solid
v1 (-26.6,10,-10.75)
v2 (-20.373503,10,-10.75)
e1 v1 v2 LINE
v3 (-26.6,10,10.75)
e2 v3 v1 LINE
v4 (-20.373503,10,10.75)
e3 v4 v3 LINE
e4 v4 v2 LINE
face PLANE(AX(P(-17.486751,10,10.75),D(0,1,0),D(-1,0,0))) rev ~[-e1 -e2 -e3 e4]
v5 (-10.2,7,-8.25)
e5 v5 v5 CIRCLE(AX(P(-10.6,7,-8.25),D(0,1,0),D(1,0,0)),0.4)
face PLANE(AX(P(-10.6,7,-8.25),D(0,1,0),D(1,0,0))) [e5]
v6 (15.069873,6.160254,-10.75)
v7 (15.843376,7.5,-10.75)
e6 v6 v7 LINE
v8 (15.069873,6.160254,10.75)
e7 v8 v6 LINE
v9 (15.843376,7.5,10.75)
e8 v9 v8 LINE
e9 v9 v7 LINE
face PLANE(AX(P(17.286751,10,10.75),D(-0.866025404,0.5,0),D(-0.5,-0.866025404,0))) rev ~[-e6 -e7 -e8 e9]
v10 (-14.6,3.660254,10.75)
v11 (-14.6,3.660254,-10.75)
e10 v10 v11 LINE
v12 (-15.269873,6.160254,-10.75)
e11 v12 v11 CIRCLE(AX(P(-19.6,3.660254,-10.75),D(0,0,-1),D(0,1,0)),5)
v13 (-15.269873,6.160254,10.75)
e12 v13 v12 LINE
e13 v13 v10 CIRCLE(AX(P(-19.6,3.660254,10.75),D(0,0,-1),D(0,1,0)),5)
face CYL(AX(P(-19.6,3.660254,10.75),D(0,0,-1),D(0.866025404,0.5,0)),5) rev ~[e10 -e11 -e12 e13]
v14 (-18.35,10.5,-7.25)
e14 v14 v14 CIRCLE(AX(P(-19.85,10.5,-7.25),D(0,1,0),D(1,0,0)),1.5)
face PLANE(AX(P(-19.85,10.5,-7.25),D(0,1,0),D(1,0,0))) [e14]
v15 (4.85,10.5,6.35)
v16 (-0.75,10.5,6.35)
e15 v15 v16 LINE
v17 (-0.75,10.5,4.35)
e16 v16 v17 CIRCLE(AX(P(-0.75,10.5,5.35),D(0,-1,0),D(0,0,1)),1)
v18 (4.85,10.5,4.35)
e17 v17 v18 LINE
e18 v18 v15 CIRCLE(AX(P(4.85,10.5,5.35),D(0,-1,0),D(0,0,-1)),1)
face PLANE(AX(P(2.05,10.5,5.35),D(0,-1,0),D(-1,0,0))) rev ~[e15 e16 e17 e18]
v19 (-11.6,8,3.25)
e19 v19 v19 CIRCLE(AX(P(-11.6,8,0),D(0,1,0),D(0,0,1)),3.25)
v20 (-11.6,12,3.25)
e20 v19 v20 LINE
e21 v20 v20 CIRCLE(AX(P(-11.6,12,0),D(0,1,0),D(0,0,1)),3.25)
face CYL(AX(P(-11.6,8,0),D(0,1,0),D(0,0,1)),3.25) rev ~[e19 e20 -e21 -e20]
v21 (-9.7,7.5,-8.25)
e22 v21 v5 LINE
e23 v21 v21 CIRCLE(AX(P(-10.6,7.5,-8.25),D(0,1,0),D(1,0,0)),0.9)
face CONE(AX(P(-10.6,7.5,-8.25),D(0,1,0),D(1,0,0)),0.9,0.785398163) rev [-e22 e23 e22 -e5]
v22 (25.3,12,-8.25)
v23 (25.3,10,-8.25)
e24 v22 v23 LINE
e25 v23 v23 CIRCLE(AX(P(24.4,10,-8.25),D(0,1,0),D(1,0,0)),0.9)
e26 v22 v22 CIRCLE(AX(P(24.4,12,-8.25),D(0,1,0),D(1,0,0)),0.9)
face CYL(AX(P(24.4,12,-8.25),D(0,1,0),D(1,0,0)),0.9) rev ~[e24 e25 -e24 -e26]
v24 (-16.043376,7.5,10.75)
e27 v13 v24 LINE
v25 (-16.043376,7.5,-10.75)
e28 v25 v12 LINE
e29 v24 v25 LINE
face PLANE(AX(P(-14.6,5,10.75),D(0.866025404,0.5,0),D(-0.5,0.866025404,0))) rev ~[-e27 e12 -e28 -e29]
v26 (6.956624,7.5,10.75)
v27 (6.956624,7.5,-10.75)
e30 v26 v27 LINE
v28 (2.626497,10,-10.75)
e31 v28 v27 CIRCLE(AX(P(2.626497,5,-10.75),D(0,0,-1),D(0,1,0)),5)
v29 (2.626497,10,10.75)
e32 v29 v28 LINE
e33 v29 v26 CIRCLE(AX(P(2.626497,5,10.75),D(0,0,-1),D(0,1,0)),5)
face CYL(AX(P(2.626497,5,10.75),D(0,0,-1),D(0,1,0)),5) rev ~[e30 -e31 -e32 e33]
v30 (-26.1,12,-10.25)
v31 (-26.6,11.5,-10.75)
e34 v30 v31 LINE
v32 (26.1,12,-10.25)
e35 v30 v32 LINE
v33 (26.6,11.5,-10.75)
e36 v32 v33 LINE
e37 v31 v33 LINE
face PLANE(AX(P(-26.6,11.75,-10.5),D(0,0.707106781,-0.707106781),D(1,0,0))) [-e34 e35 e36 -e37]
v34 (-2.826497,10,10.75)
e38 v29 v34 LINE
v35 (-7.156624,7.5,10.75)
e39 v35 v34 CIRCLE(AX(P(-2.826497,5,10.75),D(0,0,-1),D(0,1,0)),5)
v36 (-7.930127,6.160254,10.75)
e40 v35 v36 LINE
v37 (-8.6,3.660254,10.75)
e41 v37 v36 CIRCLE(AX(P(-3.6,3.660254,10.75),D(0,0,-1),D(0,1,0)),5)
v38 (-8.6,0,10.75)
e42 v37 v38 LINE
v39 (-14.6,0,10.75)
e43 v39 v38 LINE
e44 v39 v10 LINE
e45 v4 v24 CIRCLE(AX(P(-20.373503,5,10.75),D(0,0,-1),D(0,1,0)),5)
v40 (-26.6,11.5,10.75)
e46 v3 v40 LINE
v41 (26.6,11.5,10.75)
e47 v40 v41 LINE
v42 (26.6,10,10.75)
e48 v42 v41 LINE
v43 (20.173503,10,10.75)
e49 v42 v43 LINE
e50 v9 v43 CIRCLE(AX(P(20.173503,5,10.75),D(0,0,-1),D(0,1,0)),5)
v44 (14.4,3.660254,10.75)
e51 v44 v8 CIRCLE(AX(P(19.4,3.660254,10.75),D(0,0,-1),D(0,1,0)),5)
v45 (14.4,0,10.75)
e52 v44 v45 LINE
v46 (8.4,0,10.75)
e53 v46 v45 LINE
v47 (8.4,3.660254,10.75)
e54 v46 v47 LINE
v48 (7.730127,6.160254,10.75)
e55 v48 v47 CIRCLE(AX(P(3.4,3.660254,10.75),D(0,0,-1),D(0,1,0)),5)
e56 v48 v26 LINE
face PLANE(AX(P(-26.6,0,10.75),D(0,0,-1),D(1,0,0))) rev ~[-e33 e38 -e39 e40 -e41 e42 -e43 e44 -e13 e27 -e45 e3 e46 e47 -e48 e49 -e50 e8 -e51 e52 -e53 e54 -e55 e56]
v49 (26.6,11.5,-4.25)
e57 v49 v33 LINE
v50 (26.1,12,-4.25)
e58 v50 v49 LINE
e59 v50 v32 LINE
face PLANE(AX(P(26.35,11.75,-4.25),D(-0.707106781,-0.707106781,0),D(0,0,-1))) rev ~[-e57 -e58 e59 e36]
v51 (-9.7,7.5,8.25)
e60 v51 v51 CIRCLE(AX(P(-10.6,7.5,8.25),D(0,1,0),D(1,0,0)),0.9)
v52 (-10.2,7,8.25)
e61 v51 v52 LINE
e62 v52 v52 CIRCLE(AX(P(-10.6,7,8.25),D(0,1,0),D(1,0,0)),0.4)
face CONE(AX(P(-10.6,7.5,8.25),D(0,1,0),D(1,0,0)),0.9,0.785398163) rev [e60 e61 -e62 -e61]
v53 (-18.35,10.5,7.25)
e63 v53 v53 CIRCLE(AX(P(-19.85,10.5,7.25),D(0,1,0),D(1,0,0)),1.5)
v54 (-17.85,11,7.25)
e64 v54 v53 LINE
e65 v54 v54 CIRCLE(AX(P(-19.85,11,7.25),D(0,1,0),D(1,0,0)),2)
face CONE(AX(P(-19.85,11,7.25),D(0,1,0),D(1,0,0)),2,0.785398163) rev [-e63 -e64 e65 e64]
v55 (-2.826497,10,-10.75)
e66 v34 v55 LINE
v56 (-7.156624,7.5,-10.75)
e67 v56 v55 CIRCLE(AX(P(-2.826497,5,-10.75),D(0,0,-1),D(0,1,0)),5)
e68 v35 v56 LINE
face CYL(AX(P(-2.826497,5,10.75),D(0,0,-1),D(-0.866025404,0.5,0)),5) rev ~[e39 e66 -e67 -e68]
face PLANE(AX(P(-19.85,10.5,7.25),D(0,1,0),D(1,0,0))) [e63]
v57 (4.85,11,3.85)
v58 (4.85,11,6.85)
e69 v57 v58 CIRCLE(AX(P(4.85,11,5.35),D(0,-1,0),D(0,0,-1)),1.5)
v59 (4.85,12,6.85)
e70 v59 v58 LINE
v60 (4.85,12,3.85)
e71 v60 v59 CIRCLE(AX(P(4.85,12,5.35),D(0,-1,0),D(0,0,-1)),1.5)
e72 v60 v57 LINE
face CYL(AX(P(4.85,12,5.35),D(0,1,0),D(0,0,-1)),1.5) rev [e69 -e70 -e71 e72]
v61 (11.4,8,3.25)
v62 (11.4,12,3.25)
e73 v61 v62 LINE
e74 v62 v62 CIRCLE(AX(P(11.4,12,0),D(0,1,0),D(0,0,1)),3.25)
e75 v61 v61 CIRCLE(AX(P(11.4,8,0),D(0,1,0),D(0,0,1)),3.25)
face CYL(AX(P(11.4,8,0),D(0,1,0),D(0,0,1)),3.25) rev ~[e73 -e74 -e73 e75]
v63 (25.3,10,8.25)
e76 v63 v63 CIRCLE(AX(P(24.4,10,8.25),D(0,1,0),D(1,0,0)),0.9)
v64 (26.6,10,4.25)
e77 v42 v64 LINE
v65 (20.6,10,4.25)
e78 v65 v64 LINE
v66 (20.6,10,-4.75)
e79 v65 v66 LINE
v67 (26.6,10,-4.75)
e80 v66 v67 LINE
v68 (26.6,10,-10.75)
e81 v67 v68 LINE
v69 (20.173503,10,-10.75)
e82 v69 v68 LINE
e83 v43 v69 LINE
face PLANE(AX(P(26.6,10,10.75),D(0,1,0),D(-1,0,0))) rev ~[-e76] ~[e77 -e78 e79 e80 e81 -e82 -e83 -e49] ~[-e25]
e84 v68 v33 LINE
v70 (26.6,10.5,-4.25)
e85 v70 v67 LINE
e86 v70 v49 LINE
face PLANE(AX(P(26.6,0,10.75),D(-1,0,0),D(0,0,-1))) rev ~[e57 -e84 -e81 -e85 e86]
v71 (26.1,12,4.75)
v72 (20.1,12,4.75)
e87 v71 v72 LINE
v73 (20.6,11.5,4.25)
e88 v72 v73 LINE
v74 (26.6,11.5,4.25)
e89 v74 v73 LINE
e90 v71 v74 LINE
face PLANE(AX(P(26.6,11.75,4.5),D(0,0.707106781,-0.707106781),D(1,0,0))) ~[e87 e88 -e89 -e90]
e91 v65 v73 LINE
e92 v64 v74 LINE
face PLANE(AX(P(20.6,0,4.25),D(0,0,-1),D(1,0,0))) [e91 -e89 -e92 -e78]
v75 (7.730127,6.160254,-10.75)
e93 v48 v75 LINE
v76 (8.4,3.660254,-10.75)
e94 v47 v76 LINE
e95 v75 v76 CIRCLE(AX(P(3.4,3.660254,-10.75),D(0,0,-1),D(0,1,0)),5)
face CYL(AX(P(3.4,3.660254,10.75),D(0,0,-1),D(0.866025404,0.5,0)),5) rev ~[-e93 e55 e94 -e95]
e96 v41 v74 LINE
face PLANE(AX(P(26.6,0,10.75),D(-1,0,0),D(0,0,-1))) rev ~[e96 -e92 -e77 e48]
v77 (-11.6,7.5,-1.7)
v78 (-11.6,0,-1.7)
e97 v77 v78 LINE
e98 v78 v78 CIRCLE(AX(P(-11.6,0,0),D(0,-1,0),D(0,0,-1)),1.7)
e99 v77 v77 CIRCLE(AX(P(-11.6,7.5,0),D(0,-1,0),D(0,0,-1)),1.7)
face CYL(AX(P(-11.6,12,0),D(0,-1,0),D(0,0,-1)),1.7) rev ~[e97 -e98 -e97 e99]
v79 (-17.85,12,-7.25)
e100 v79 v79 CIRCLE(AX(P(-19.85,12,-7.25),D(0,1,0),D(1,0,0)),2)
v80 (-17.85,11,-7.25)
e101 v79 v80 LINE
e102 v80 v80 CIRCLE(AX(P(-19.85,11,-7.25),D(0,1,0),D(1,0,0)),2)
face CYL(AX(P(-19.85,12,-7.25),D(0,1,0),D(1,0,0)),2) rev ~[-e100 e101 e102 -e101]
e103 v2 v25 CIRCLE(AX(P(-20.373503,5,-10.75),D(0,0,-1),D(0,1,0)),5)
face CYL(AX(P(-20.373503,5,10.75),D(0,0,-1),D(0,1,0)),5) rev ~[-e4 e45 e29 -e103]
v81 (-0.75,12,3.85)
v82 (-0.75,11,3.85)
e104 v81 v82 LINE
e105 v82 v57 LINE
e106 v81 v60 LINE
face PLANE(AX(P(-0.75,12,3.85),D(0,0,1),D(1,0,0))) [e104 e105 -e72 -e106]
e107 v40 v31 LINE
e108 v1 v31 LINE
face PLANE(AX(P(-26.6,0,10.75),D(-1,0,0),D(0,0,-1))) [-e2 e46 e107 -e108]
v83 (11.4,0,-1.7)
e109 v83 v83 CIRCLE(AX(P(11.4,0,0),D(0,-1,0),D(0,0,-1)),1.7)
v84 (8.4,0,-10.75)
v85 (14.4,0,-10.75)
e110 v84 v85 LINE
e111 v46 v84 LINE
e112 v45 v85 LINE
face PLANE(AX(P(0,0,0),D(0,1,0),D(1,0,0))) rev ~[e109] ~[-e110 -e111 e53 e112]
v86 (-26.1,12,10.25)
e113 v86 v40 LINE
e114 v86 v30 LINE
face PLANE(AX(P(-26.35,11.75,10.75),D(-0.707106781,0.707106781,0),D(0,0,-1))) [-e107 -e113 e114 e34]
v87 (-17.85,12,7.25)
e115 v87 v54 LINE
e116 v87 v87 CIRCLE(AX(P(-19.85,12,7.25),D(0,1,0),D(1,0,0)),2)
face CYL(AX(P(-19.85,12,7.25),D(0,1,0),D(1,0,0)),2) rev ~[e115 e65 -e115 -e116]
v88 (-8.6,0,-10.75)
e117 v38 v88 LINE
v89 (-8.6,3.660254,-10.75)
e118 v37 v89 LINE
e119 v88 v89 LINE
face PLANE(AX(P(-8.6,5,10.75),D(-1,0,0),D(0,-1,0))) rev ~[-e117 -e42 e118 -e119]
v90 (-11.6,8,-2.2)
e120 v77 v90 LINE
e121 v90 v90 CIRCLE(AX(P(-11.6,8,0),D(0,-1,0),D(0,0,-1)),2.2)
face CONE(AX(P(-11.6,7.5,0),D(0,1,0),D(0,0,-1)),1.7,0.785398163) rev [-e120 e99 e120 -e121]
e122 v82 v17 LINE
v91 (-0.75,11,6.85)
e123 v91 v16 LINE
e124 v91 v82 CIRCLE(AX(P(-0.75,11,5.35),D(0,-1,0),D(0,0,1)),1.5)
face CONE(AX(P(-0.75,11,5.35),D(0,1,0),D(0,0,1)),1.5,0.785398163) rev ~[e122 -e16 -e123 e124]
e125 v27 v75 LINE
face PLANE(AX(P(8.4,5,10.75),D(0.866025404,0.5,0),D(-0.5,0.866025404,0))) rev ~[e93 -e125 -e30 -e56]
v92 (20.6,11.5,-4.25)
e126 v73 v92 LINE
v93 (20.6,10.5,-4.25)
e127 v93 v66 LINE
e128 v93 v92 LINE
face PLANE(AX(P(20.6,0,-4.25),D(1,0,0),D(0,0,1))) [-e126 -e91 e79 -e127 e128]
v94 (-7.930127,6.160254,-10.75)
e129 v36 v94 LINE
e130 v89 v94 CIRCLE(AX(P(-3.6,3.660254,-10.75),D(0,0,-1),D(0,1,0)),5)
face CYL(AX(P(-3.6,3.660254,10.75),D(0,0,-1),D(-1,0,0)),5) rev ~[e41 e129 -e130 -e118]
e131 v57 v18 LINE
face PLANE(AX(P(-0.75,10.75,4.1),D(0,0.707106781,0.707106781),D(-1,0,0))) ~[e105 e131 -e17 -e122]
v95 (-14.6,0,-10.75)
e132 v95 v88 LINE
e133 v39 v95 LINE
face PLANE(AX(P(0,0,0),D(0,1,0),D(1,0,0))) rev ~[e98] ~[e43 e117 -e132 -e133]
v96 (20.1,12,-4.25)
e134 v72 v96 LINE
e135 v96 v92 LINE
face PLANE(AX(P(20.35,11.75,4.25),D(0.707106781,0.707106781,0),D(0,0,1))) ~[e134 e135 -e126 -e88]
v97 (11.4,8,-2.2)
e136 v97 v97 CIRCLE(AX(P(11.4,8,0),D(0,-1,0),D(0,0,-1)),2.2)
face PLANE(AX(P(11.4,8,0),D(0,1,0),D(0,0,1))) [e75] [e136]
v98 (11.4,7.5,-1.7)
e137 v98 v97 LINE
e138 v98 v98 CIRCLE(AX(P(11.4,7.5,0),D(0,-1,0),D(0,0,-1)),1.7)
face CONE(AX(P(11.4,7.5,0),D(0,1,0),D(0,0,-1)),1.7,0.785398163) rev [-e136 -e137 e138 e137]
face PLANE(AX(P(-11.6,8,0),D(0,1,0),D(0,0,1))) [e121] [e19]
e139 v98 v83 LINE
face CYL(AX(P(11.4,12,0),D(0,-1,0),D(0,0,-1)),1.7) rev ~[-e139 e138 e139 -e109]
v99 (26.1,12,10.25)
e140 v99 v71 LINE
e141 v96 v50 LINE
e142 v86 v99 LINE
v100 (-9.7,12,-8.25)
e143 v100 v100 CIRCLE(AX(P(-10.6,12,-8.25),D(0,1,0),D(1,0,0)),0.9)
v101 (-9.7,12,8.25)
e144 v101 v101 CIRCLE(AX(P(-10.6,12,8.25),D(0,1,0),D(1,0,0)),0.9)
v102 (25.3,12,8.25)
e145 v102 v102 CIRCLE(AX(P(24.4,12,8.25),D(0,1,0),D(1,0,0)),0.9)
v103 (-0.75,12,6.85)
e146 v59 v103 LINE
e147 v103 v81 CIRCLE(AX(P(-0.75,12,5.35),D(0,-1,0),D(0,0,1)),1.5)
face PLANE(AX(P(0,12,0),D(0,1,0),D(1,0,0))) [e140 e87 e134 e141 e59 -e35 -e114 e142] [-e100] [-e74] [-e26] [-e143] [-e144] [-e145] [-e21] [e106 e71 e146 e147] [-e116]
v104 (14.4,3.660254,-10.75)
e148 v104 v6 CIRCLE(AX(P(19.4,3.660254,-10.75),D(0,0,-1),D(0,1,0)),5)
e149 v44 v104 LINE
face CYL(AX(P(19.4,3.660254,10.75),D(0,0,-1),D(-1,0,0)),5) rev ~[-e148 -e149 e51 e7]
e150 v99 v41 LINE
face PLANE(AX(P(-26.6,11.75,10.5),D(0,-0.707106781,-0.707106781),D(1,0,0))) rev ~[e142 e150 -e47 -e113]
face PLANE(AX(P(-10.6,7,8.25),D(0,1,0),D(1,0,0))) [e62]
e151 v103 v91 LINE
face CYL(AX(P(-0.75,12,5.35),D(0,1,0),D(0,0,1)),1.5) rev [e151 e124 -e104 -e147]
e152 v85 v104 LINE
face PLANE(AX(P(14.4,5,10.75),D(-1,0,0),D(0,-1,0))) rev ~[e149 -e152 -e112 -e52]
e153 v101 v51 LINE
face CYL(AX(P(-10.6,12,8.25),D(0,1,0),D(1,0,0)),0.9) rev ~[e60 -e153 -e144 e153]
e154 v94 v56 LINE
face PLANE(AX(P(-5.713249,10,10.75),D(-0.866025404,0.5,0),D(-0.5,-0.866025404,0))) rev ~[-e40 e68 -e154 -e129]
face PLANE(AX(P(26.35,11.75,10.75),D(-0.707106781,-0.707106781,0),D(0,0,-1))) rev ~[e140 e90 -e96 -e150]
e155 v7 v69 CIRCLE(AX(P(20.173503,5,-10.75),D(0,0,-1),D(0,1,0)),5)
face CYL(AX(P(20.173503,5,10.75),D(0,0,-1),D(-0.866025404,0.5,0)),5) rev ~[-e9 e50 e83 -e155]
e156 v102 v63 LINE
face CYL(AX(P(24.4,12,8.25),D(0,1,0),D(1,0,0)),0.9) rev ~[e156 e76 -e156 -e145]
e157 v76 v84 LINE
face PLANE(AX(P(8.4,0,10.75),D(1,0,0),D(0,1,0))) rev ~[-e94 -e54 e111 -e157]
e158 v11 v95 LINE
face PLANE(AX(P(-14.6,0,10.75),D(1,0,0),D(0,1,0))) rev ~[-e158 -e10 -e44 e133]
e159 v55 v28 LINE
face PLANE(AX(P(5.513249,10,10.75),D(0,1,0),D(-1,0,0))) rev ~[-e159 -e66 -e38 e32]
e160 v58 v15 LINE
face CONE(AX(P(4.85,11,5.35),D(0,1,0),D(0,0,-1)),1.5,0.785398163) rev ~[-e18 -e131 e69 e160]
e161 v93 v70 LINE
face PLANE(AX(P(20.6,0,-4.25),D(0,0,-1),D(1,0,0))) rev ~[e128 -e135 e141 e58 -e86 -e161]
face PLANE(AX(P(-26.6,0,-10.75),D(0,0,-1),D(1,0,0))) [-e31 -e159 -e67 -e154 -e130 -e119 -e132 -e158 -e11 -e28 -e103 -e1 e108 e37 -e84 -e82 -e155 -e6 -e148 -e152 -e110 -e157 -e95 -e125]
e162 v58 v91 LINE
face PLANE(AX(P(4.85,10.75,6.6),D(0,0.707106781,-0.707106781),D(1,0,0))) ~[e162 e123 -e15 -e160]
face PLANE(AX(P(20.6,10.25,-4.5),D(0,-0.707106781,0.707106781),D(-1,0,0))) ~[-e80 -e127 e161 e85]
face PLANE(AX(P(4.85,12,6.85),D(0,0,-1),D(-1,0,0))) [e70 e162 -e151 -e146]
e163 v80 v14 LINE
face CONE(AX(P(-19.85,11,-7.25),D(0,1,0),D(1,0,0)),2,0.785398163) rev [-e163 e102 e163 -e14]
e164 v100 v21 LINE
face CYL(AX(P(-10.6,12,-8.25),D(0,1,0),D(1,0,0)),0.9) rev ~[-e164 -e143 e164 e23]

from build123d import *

# Parameters (mm, degrees)
SKETCH1_W                                   = 53.2
SKETCH1_H                                   = 21.5
BOSS_EXTRUDE1_DEPTH                         = 12
SKETCH2_R                                   = 0.9
CUT_EXTRUDE1_DEPTH                          = 5
SKETCH3_W                                   = 6
SKETCH3_H                                   = 8.5
CUT_EXTRUDE2_DEPTH                          = 13
SKETCH5_R                                   = 2
CUT_EXTRUDE3_DEPTH                          = 1.5
CBORE_FOR_M3_CHEESE_HEAD_SCREW1_D           = 3.4
CBORE_FOR_M3_CHEESE_HEAD_SCREW1_CBORE_D     = 6.5
CBORE_FOR_M3_CHEESE_HEAD_SCREW1_CBORE_DEPTH = 4
CUT_EXTRUDE4_DEPTH                          = 22.5
FILLET1_R                                   = 5
CHAMFER2_SIZE                               = 0.5
CHAMFER3_SIZE                               = 0.5


with BuildPart() as part:
    # Sketch1 → Boss-Extrude1 (new body)
    with BuildSketch(Plane(origin=(0, 0, 0), x_dir=(1, 0, 0), z_dir=(0, 1, 0))):
        Rectangle(SKETCH1_W, SKETCH1_H)
    extrude(amount=BOSS_EXTRUDE1_DEPTH)

    # Sketch2 → Cut-Extrude1 (cut)
    with BuildSketch(Plane(origin=(0, 12, 0), x_dir=(1, 0, 0), z_dir=(0, 1, 0))):
        with Locations((24.4, 8.25)):
            Circle(SKETCH2_R)
        with Locations((24.4, -8.25)):
            Circle(SKETCH2_R)
        with Locations((-10.6, -8.25)):
            Circle(SKETCH2_R)
        with Locations((-10.6, 8.25)):
            Circle(SKETCH2_R)
    extrude(amount=-CUT_EXTRUDE1_DEPTH, mode=Mode.SUBTRACT)

    # Sketch3 → Cut-Extrude2 (cut, through all)
    with BuildSketch(Plane.XZ):
        with Locations((23.6, 0)):
            Rectangle(SKETCH3_W, SKETCH3_H)
    extrude(amount=-CUT_EXTRUDE2_DEPTH, mode=Mode.SUBTRACT)

    # Sketch5 → Cut-Extrude3 (cut)
    with BuildSketch(Plane(origin=(0, 12, 0), x_dir=(1, 0, 0), z_dir=(0, 1, 0))):
        with Locations((-19.85, 7.25)):
            Circle(SKETCH5_R)
        with Locations((-19.85, -7.25)):
            Circle(SKETCH5_R)
        with BuildLine():
            Line((-0.75, -3.85), (4.85, -3.85))
            ThreePointArc((4.85, -3.85), (6.35, -5.35), (4.85, -6.85))
            Line((4.85, -6.85), (-0.75, -6.85))
            ThreePointArc((-0.75, -6.85), (-2.25, -5.35), (-0.75, -3.85))
        make_face()
    extrude(amount=-CUT_EXTRUDE3_DEPTH, mode=Mode.SUBTRACT)

    # CBORE for M3 Cheese Head Screw1 (through all)
    with Locations(Plane(origin=(-11.6, 12, 0), x_dir=(0, 0, 1), z_dir=(0, 1, 0))):
        with Locations((0, 0), (0, 23)):
            CounterBoreHole(CBORE_FOR_M3_CHEESE_HEAD_SCREW1_D / 2, CBORE_FOR_M3_CHEESE_HEAD_SCREW1_CBORE_D / 2, CBORE_FOR_M3_CHEESE_HEAD_SCREW1_CBORE_DEPTH)

    # Sketch9 → Cut-Extrude4 (cut, through all)
    with BuildSketch(Plane.XY.offset(10.75)):
        Polygon((-17.486751346, 10), (-26.6, 10), (-26.6, 0), (-14.6, 0), (-14.6, 5), align=None)
        Polygon((5.513248654, 10), (-5.713248654, 10), (-8.6, 5), (-8.6, 0), (8.4, 0), (8.4, 5), align=None)
        Polygon((26.6, 0), (26.6, 10), (17.286751346, 10), (14.4, 5), (14.4, 0), align=None)
    extrude(amount=-CUT_EXTRUDE4_DEPTH, mode=Mode.SUBTRACT)

    # Fillet1
    fillet1_edges = [part.edges().sort_by_distance(p)[0] for p in [
        (-14.6, 5, 0),
        (-17.486751346, 10, 0),
        (8.4, 5, 0),
        (-8.6, 5, 0),
        (-5.713248654, 10, 0),
        (5.513248654, 10, 0),
        (17.286751346, 10, 0),
        (14.4, 5, 0),
    ]]
    fillet(fillet1_edges, radius=FILLET1_R)

    # Chamfer2
    chamfer2_edges = [part.edges().sort_by_distance(p)[0] for p in [
        (-11.5, 7, -8.25),
        (-11.5, 7, 8.25),
        (-2.25, 10.5, 5.35),
        (2.05, 10.5, 3.85),
        (6.35, 10.5, 5.35),
        (2.05, 10.5, 6.85),
        (-21.85, 10.5, 7.25),
        (-21.85, 10.5, -7.25),
        (11.4, 8, 1.7),
        (-11.6, 8, 1.7),
    ]]
    chamfer(chamfer2_edges, length=CHAMFER2_SIZE)

    # Chamfer3
    chamfer3_edges = [part.edges().sort_by_distance(p)[0] for p in [
        (-26.6, 12, 0),
        (23.6, 10, -4.25),
        (0, 12, 10.75),
        (26.6, 12, -7.5),
        (20.6, 12, 0),
        (23.6, 12, 4.25),
        (26.6, 12, 7.5),
        (0, 12, -10.75),
    ]]
    chamfer(chamfer3_edges, length=CHAMFER3_SIZE)


solid = part.part
